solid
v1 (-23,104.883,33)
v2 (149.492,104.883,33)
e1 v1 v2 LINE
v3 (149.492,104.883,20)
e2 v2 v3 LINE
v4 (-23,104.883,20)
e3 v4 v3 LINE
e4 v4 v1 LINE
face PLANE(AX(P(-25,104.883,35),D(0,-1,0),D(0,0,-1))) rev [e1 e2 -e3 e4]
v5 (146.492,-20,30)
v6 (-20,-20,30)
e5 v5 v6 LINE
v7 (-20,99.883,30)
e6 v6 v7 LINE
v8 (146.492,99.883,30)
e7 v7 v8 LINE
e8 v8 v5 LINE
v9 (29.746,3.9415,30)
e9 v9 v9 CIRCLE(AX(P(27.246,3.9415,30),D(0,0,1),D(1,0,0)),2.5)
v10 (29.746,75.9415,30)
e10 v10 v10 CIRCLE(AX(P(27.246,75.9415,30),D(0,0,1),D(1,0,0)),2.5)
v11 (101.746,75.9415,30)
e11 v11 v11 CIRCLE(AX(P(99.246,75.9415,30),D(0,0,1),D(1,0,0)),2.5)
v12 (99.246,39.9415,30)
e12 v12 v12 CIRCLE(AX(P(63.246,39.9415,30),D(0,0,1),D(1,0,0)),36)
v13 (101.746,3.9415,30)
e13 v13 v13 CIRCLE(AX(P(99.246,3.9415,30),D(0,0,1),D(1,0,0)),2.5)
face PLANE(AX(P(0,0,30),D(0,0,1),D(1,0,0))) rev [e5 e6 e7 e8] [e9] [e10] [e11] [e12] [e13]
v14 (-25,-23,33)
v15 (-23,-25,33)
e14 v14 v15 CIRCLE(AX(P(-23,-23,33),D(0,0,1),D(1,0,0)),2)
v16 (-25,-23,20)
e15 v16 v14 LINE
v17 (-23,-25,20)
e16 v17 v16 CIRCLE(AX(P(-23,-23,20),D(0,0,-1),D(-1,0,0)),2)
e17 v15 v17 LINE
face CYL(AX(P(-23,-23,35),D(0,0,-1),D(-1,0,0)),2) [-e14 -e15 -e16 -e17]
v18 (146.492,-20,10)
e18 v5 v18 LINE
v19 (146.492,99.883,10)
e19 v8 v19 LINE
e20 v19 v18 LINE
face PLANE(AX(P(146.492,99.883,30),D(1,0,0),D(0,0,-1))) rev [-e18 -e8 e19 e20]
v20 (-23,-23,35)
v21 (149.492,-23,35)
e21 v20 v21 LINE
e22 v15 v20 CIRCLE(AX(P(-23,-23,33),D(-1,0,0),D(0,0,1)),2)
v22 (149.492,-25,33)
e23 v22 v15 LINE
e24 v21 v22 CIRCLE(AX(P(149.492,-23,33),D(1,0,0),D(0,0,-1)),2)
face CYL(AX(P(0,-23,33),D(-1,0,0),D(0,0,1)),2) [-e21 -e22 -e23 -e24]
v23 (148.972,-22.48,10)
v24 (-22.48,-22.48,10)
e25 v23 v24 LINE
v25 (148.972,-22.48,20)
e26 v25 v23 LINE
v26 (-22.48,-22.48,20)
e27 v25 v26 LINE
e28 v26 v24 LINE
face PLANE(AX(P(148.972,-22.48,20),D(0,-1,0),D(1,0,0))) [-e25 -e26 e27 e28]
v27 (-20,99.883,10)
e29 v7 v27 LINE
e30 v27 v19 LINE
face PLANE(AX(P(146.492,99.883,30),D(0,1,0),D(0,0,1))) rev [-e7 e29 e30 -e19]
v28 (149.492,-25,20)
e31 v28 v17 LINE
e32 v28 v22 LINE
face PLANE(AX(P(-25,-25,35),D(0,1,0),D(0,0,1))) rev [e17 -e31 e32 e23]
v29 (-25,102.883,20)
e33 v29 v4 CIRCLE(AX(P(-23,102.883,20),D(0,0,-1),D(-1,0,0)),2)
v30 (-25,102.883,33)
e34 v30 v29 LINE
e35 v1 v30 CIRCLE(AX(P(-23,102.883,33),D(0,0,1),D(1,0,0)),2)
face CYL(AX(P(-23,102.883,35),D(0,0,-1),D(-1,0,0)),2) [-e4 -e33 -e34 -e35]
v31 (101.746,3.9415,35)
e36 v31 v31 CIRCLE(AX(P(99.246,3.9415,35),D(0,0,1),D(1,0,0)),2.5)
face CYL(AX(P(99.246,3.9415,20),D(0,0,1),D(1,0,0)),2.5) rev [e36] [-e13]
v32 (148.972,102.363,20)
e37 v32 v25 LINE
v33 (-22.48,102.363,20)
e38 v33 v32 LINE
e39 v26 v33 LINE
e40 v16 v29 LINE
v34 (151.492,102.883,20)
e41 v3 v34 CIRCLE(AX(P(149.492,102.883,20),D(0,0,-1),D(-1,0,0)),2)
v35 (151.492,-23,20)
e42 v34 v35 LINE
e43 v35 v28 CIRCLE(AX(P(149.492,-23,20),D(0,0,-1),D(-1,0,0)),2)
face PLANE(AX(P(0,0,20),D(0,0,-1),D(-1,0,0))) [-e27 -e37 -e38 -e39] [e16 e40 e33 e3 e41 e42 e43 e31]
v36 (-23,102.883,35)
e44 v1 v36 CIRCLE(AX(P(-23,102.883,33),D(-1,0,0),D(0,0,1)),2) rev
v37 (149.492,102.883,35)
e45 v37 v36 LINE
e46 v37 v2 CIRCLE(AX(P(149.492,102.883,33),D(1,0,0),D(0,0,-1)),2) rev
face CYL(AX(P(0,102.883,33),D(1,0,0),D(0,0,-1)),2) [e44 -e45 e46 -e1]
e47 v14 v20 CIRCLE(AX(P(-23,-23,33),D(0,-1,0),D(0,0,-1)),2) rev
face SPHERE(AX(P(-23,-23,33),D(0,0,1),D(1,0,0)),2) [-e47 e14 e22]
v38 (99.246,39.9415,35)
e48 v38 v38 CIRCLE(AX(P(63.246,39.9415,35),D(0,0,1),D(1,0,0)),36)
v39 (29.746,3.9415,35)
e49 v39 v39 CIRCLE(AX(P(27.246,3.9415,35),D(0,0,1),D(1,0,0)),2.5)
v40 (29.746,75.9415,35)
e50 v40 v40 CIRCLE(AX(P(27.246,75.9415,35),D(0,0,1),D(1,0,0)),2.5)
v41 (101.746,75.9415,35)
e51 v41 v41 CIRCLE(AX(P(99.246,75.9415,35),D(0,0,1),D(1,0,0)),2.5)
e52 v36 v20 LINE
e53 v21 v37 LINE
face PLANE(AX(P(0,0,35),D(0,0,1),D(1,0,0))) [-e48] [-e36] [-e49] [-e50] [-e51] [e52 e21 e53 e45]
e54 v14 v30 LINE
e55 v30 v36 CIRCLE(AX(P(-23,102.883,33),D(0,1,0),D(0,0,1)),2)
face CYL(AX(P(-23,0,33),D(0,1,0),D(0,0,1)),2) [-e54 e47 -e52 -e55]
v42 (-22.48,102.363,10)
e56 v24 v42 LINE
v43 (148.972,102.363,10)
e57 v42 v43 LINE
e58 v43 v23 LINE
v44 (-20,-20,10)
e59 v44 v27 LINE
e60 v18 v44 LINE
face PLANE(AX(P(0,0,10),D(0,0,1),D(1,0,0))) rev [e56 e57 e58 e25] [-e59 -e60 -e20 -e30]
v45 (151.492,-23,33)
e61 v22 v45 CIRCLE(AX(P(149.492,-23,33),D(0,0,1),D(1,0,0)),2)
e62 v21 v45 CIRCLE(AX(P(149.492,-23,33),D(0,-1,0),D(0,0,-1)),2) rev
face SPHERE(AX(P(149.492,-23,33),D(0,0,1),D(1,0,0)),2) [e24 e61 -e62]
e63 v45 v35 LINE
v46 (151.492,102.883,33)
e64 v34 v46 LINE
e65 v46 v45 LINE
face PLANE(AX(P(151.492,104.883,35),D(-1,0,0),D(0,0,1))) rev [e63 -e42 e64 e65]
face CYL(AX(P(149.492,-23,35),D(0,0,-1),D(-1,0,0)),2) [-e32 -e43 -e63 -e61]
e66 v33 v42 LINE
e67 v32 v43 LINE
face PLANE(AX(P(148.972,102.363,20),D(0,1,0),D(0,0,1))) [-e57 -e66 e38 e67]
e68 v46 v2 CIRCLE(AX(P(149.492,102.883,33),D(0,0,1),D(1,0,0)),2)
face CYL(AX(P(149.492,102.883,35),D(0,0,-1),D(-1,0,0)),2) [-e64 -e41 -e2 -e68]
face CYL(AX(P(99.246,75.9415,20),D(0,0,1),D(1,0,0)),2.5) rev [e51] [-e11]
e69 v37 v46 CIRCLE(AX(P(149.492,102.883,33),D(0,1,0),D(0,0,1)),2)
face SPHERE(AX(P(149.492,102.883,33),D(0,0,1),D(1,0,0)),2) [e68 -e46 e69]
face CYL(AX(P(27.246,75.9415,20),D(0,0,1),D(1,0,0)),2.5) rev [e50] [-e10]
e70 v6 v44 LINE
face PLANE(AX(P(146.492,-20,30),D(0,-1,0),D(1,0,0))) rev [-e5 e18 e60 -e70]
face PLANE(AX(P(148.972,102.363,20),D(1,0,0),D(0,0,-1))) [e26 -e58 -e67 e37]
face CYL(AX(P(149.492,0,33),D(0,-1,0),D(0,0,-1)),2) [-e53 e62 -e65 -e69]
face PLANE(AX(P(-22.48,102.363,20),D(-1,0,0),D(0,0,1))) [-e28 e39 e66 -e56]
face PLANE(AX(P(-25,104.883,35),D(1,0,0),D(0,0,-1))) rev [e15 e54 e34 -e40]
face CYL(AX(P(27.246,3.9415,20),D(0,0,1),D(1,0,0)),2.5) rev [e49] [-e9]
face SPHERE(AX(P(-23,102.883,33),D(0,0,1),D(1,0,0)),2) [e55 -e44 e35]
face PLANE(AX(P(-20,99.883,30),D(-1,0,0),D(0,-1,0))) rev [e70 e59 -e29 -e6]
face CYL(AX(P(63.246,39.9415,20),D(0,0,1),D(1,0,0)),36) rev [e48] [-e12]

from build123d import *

# Parameters (mm, degrees)
SKETCH4_W           = 176.492
SKETCH4_H           = 129.883
BOSS_EXTRUDE1_DEPTH = 25
SKETCH5_OUTSIDE_W   = 222.602
SKETCH5_OUTSIDE_H   = 175.993
SKETCH5_OUTSIDE_W_2 = 176.492
SKETCH5_OUTSIDE_H_2 = 129.883
SKETCH5_OUTSIDE_W_3 = 166.492
SKETCH5_OUTSIDE_H_3 = 119.883
CUT_EXTRUDE1_DEPTH  = 20
SKETCH7_W           = 176.492
SKETCH7_H           = 129.883
SKETCH7_W_2         = 171.452
SKETCH7_H_2         = 124.843
CUT_EXTRUDE2_DEPTH  = 10
SKETCH12_R          = 36
CUT_EXTRUDE3_DEPTH  = 15
SKETCH13_R          = 2.5
CUT_EXTRUDE4_DEPTH  = 15
FILLET1_R           = 2


with BuildPart() as part:
    # Sketch4 → Boss-Extrude1 (new body)
    with BuildSketch(Plane.XY.offset(10)):
        with Locations((63.246, 39.9415)):
            Rectangle(SKETCH4_W, SKETCH4_H)
    extrude(amount=BOSS_EXTRUDE1_DEPTH)

    # Sketch5 outside → Cut-Extrude1 (cut)
    with BuildSketch(Plane(origin=(0, 0, 10), x_dir=(-1, 0, 0), z_dir=(0, 0, -1))):
        with Locations((-63.246, 39.9415)):
            Rectangle(SKETCH5_OUTSIDE_W, SKETCH5_OUTSIDE_H)
        with Locations((-63.246, 39.9415)):
            Rectangle(SKETCH5_OUTSIDE_W_2, SKETCH5_OUTSIDE_H_2, mode=Mode.SUBTRACT)
        with Locations((-63.246, 39.9415)):
            Rectangle(SKETCH5_OUTSIDE_W_3, SKETCH5_OUTSIDE_H_3)
    extrude(amount=-CUT_EXTRUDE1_DEPTH, mode=Mode.SUBTRACT)

    # Sketch7 → Cut-Extrude2 (cut)
    with BuildSketch(Plane(origin=(0, 0, 10), x_dir=(-1, 0, 0), z_dir=(0, 0, -1))):
        with Locations((-63.246, 39.9415)):
            Rectangle(SKETCH7_W, SKETCH7_H)
        with Locations((-63.246, 39.9415)):
            Rectangle(SKETCH7_W_2, SKETCH7_H_2, mode=Mode.SUBTRACT)
    extrude(amount=-CUT_EXTRUDE2_DEPTH, mode=Mode.SUBTRACT)

    # Sketch12 → Cut-Extrude3 (cut)
    with BuildSketch(Plane.XY.offset(35)):
        with Locations((63.246, 39.9415)):
            Circle(SKETCH12_R)
    extrude(amount=-CUT_EXTRUDE3_DEPTH, mode=Mode.SUBTRACT)

    # Sketch13 → Cut-Extrude4 (cut)
    with BuildSketch(Plane.XY.offset(35)):
        with Locations((27.246, 75.9415)):
            Circle(SKETCH13_R)
        with Locations((99.246, 75.9415)):
            Circle(SKETCH13_R)
        with Locations((99.246, 3.9415)):
            Circle(SKETCH13_R)
        with Locations((27.246, 3.9415)):
            Circle(SKETCH13_R)
    extrude(amount=-CUT_EXTRUDE4_DEPTH, mode=Mode.SUBTRACT)

    # Fillet1
    fillet1_edges = [part.edges().sort_by_distance(p)[0] for p in [
        (151.492, 39.9415, 35),
        (63.246, 104.883, 35),
        (-25, 39.9415, 35),
        (-25, 104.883, 27.5),
        (151.492, 104.883, 27.5),
        (151.492, -25, 27.5),
        (-25, -25, 27.5),
        (63.246, -25, 35),
    ]]
    fillet(fillet1_edges, radius=FILLET1_R)


solid = part.part
